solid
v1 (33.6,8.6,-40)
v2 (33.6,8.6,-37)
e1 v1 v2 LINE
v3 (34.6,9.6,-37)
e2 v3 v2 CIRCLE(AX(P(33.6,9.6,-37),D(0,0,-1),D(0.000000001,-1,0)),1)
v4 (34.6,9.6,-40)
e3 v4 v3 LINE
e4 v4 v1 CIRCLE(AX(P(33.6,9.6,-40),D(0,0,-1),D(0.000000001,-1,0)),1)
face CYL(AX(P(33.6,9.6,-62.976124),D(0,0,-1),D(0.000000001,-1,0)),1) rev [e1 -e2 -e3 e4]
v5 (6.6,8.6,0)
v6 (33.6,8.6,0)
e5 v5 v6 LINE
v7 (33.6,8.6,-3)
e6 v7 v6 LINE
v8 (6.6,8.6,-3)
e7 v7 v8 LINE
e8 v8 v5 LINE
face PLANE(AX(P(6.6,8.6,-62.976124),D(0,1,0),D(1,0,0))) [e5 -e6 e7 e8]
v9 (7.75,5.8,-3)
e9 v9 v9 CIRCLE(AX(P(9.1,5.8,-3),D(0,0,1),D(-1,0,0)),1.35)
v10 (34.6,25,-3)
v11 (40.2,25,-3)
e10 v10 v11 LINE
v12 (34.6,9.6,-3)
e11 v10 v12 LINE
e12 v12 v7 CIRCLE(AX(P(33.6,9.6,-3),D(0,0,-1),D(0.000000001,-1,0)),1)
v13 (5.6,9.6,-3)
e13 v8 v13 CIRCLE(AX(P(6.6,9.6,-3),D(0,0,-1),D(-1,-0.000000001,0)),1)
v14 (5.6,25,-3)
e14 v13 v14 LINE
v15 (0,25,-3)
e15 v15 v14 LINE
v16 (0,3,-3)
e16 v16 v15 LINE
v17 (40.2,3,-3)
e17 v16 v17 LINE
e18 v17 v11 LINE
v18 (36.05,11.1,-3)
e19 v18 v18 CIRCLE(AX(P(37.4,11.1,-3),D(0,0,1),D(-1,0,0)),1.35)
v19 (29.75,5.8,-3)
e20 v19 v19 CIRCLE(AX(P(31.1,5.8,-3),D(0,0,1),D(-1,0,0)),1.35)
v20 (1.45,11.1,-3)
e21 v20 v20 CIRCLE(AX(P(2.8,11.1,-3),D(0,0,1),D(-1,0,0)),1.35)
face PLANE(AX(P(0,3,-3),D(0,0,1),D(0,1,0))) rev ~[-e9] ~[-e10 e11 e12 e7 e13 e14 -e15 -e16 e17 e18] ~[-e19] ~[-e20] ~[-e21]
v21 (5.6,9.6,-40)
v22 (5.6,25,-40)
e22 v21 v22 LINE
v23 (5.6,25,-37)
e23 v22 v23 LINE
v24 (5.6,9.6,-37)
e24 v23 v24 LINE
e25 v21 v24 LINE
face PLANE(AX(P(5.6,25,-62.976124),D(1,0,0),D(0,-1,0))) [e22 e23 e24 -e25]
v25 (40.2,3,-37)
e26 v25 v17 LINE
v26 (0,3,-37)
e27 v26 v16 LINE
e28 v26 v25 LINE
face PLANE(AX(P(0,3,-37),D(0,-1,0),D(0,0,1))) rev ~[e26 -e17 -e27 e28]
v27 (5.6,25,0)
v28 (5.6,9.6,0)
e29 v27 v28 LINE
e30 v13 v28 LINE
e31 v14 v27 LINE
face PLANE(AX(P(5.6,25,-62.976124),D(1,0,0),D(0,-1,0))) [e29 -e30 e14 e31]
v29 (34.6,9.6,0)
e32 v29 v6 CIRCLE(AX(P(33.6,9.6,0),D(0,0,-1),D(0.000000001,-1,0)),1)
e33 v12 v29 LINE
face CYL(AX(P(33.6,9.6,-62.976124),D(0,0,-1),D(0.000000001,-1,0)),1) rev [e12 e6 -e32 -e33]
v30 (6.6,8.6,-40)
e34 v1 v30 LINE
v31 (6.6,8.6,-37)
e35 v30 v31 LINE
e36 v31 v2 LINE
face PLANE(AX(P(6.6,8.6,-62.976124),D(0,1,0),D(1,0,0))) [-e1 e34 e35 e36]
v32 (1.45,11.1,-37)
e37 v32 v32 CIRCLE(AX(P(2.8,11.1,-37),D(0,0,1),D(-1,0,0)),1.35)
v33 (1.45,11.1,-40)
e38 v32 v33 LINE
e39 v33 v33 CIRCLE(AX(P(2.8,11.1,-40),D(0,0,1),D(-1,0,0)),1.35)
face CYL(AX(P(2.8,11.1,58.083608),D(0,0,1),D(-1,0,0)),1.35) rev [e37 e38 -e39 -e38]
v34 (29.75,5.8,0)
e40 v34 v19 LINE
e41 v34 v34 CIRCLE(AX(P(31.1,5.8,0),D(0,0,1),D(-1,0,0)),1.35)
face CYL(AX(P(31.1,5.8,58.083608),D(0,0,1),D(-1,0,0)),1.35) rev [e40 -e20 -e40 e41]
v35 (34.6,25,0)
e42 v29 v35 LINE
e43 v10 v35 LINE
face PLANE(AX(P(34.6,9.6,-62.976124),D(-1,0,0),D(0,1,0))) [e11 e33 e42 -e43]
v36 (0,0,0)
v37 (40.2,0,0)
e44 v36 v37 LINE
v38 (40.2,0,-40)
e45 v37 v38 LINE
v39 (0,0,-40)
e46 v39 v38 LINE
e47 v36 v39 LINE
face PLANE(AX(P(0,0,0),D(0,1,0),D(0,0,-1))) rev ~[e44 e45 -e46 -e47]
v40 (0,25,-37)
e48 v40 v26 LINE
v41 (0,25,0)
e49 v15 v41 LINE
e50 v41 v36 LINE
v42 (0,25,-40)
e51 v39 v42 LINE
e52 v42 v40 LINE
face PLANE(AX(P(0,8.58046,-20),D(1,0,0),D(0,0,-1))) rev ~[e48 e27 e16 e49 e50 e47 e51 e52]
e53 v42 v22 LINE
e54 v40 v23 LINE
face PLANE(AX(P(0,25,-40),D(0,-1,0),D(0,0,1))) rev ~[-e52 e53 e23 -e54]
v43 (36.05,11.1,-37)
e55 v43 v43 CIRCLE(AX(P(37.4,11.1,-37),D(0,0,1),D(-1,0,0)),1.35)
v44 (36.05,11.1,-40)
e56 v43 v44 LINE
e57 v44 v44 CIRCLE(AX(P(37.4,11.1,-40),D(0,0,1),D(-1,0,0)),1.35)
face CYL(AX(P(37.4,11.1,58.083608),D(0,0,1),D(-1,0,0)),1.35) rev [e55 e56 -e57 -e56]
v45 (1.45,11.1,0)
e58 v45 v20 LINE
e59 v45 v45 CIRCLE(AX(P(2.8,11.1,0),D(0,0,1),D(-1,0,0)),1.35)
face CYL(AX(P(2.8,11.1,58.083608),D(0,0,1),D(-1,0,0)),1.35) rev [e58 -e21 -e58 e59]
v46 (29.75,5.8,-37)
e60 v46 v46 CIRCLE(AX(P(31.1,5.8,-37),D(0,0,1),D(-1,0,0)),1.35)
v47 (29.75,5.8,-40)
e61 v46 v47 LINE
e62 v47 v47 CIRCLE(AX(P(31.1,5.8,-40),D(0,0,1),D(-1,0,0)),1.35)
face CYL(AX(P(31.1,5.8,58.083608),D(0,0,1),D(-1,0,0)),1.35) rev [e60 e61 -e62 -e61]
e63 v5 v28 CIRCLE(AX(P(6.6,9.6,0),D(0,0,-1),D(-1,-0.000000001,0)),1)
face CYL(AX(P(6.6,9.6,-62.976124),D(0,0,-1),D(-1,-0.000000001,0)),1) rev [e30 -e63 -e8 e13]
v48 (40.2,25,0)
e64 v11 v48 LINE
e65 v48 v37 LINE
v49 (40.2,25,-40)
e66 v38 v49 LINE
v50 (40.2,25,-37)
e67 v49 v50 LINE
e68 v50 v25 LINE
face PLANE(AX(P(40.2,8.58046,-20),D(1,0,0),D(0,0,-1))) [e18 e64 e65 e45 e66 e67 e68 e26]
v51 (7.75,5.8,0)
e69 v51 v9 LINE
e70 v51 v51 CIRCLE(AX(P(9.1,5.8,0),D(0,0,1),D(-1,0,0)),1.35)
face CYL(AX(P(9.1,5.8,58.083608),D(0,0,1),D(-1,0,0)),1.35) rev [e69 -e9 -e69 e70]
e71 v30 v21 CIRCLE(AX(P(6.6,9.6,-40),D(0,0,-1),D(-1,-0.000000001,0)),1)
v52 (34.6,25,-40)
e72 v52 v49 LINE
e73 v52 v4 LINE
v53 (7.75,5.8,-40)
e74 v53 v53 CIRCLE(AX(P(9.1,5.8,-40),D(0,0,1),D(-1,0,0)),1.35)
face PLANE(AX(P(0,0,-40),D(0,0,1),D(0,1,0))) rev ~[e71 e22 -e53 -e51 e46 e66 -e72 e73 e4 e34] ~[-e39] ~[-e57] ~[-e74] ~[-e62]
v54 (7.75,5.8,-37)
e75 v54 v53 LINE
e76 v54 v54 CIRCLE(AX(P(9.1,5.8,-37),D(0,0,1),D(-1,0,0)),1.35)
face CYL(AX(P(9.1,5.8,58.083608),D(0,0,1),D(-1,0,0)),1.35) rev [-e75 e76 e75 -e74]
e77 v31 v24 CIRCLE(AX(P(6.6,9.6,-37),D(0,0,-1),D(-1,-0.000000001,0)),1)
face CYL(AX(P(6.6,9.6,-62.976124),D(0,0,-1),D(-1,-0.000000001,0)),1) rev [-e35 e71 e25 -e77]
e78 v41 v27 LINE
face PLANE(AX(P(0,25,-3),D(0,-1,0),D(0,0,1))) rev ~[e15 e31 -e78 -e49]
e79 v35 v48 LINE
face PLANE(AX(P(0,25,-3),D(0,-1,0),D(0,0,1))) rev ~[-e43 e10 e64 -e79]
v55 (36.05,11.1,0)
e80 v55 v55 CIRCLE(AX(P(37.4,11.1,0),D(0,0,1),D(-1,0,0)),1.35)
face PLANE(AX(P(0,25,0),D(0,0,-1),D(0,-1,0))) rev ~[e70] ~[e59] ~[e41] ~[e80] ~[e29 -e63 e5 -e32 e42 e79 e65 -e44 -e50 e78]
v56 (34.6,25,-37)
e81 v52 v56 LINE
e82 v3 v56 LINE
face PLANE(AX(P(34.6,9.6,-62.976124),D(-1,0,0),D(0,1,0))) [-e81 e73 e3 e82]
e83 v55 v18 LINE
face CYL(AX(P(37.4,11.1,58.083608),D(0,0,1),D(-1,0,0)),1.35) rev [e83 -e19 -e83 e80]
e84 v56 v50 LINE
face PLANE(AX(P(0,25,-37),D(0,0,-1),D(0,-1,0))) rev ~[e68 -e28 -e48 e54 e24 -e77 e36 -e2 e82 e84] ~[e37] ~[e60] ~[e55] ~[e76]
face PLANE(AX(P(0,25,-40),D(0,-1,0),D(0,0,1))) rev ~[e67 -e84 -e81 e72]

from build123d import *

# Parameters (mm, degrees)
BOSS_EXTRUDE1_DEPTH     = 40.2
CUT_EXTRUDE1_DEPTH      = 62.976124435
CUT_EXTRUDE1_DEPTH_BACK = 62.976124435
CUT_EXTRUDE2_DEPTH      = 61.083608414
CUT_EXTRUDE2_DEPTH_BACK = 61.083608414
SKETCH3_R               = 1.35


with BuildPart() as part:
    # Sketch1 → Boss-Extrude1 (new body)
    with BuildSketch(Plane(origin=(0, 0, 0), x_dir=(0, 0, -1), z_dir=(1, 0, 0))):
        Polygon((0, 25), (0, 0), (40, 0), (40, 25), (37, 25), (37, 3), (3, 3), (3, 25), align=None)
    extrude(amount=BOSS_EXTRUDE1_DEPTH)

    # Sketch2 → Cut-Extrude1 (cut, two sides: drawn at the far end of the back side and taken through both)
    with BuildSketch(Plane.XY.offset(-CUT_EXTRUDE1_DEPTH_BACK)):
        with BuildLine():
            Line((20.1, 8.6), (20.1, 25))
            Line((20.1, 25), (5.6, 25))
            Line((5.6, 25), (5.6, 9.6))
            ThreePointArc((5.6, 9.6), (5.892893219, 8.892893219), (6.6, 8.6))
            Line((6.6, 8.6), (20.1, 8.6))
        make_face()
        with BuildLine():
            Line((34.6, 25), (20.1, 25))
            Line((20.1, 25), (20.1, 8.6))
            Line((20.1, 8.6), (33.6, 8.6))
            ThreePointArc((33.6, 8.6), (34.307106781, 8.892893219), (34.6, 9.6))
            Line((34.6, 9.6), (34.6, 25))
        make_face()
    extrude(amount=CUT_EXTRUDE1_DEPTH + CUT_EXTRUDE1_DEPTH_BACK, mode=Mode.SUBTRACT)

    # Sketch3 → Cut-Extrude2 (cut, two sides: drawn at the far end of the back side and taken through both)
    with BuildSketch(Plane(origin=(0, 0, -3), x_dir=(-1, 0, 0), z_dir=(0, 0, -1)).offset(-CUT_EXTRUDE2_DEPTH_BACK)):
        with Locations((-9.1, 5.8)):
            Circle(SKETCH3_R)
        with Locations((-2.8, 11.1)):
            Circle(SKETCH3_R)
        with Locations((-37.4, 11.1)):
            Circle(SKETCH3_R)
        with Locations((-31.1, 5.8)):
            Circle(SKETCH3_R)
    extrude(amount=CUT_EXTRUDE2_DEPTH + CUT_EXTRUDE2_DEPTH_BACK, mode=Mode.SUBTRACT)


solid = part.part
